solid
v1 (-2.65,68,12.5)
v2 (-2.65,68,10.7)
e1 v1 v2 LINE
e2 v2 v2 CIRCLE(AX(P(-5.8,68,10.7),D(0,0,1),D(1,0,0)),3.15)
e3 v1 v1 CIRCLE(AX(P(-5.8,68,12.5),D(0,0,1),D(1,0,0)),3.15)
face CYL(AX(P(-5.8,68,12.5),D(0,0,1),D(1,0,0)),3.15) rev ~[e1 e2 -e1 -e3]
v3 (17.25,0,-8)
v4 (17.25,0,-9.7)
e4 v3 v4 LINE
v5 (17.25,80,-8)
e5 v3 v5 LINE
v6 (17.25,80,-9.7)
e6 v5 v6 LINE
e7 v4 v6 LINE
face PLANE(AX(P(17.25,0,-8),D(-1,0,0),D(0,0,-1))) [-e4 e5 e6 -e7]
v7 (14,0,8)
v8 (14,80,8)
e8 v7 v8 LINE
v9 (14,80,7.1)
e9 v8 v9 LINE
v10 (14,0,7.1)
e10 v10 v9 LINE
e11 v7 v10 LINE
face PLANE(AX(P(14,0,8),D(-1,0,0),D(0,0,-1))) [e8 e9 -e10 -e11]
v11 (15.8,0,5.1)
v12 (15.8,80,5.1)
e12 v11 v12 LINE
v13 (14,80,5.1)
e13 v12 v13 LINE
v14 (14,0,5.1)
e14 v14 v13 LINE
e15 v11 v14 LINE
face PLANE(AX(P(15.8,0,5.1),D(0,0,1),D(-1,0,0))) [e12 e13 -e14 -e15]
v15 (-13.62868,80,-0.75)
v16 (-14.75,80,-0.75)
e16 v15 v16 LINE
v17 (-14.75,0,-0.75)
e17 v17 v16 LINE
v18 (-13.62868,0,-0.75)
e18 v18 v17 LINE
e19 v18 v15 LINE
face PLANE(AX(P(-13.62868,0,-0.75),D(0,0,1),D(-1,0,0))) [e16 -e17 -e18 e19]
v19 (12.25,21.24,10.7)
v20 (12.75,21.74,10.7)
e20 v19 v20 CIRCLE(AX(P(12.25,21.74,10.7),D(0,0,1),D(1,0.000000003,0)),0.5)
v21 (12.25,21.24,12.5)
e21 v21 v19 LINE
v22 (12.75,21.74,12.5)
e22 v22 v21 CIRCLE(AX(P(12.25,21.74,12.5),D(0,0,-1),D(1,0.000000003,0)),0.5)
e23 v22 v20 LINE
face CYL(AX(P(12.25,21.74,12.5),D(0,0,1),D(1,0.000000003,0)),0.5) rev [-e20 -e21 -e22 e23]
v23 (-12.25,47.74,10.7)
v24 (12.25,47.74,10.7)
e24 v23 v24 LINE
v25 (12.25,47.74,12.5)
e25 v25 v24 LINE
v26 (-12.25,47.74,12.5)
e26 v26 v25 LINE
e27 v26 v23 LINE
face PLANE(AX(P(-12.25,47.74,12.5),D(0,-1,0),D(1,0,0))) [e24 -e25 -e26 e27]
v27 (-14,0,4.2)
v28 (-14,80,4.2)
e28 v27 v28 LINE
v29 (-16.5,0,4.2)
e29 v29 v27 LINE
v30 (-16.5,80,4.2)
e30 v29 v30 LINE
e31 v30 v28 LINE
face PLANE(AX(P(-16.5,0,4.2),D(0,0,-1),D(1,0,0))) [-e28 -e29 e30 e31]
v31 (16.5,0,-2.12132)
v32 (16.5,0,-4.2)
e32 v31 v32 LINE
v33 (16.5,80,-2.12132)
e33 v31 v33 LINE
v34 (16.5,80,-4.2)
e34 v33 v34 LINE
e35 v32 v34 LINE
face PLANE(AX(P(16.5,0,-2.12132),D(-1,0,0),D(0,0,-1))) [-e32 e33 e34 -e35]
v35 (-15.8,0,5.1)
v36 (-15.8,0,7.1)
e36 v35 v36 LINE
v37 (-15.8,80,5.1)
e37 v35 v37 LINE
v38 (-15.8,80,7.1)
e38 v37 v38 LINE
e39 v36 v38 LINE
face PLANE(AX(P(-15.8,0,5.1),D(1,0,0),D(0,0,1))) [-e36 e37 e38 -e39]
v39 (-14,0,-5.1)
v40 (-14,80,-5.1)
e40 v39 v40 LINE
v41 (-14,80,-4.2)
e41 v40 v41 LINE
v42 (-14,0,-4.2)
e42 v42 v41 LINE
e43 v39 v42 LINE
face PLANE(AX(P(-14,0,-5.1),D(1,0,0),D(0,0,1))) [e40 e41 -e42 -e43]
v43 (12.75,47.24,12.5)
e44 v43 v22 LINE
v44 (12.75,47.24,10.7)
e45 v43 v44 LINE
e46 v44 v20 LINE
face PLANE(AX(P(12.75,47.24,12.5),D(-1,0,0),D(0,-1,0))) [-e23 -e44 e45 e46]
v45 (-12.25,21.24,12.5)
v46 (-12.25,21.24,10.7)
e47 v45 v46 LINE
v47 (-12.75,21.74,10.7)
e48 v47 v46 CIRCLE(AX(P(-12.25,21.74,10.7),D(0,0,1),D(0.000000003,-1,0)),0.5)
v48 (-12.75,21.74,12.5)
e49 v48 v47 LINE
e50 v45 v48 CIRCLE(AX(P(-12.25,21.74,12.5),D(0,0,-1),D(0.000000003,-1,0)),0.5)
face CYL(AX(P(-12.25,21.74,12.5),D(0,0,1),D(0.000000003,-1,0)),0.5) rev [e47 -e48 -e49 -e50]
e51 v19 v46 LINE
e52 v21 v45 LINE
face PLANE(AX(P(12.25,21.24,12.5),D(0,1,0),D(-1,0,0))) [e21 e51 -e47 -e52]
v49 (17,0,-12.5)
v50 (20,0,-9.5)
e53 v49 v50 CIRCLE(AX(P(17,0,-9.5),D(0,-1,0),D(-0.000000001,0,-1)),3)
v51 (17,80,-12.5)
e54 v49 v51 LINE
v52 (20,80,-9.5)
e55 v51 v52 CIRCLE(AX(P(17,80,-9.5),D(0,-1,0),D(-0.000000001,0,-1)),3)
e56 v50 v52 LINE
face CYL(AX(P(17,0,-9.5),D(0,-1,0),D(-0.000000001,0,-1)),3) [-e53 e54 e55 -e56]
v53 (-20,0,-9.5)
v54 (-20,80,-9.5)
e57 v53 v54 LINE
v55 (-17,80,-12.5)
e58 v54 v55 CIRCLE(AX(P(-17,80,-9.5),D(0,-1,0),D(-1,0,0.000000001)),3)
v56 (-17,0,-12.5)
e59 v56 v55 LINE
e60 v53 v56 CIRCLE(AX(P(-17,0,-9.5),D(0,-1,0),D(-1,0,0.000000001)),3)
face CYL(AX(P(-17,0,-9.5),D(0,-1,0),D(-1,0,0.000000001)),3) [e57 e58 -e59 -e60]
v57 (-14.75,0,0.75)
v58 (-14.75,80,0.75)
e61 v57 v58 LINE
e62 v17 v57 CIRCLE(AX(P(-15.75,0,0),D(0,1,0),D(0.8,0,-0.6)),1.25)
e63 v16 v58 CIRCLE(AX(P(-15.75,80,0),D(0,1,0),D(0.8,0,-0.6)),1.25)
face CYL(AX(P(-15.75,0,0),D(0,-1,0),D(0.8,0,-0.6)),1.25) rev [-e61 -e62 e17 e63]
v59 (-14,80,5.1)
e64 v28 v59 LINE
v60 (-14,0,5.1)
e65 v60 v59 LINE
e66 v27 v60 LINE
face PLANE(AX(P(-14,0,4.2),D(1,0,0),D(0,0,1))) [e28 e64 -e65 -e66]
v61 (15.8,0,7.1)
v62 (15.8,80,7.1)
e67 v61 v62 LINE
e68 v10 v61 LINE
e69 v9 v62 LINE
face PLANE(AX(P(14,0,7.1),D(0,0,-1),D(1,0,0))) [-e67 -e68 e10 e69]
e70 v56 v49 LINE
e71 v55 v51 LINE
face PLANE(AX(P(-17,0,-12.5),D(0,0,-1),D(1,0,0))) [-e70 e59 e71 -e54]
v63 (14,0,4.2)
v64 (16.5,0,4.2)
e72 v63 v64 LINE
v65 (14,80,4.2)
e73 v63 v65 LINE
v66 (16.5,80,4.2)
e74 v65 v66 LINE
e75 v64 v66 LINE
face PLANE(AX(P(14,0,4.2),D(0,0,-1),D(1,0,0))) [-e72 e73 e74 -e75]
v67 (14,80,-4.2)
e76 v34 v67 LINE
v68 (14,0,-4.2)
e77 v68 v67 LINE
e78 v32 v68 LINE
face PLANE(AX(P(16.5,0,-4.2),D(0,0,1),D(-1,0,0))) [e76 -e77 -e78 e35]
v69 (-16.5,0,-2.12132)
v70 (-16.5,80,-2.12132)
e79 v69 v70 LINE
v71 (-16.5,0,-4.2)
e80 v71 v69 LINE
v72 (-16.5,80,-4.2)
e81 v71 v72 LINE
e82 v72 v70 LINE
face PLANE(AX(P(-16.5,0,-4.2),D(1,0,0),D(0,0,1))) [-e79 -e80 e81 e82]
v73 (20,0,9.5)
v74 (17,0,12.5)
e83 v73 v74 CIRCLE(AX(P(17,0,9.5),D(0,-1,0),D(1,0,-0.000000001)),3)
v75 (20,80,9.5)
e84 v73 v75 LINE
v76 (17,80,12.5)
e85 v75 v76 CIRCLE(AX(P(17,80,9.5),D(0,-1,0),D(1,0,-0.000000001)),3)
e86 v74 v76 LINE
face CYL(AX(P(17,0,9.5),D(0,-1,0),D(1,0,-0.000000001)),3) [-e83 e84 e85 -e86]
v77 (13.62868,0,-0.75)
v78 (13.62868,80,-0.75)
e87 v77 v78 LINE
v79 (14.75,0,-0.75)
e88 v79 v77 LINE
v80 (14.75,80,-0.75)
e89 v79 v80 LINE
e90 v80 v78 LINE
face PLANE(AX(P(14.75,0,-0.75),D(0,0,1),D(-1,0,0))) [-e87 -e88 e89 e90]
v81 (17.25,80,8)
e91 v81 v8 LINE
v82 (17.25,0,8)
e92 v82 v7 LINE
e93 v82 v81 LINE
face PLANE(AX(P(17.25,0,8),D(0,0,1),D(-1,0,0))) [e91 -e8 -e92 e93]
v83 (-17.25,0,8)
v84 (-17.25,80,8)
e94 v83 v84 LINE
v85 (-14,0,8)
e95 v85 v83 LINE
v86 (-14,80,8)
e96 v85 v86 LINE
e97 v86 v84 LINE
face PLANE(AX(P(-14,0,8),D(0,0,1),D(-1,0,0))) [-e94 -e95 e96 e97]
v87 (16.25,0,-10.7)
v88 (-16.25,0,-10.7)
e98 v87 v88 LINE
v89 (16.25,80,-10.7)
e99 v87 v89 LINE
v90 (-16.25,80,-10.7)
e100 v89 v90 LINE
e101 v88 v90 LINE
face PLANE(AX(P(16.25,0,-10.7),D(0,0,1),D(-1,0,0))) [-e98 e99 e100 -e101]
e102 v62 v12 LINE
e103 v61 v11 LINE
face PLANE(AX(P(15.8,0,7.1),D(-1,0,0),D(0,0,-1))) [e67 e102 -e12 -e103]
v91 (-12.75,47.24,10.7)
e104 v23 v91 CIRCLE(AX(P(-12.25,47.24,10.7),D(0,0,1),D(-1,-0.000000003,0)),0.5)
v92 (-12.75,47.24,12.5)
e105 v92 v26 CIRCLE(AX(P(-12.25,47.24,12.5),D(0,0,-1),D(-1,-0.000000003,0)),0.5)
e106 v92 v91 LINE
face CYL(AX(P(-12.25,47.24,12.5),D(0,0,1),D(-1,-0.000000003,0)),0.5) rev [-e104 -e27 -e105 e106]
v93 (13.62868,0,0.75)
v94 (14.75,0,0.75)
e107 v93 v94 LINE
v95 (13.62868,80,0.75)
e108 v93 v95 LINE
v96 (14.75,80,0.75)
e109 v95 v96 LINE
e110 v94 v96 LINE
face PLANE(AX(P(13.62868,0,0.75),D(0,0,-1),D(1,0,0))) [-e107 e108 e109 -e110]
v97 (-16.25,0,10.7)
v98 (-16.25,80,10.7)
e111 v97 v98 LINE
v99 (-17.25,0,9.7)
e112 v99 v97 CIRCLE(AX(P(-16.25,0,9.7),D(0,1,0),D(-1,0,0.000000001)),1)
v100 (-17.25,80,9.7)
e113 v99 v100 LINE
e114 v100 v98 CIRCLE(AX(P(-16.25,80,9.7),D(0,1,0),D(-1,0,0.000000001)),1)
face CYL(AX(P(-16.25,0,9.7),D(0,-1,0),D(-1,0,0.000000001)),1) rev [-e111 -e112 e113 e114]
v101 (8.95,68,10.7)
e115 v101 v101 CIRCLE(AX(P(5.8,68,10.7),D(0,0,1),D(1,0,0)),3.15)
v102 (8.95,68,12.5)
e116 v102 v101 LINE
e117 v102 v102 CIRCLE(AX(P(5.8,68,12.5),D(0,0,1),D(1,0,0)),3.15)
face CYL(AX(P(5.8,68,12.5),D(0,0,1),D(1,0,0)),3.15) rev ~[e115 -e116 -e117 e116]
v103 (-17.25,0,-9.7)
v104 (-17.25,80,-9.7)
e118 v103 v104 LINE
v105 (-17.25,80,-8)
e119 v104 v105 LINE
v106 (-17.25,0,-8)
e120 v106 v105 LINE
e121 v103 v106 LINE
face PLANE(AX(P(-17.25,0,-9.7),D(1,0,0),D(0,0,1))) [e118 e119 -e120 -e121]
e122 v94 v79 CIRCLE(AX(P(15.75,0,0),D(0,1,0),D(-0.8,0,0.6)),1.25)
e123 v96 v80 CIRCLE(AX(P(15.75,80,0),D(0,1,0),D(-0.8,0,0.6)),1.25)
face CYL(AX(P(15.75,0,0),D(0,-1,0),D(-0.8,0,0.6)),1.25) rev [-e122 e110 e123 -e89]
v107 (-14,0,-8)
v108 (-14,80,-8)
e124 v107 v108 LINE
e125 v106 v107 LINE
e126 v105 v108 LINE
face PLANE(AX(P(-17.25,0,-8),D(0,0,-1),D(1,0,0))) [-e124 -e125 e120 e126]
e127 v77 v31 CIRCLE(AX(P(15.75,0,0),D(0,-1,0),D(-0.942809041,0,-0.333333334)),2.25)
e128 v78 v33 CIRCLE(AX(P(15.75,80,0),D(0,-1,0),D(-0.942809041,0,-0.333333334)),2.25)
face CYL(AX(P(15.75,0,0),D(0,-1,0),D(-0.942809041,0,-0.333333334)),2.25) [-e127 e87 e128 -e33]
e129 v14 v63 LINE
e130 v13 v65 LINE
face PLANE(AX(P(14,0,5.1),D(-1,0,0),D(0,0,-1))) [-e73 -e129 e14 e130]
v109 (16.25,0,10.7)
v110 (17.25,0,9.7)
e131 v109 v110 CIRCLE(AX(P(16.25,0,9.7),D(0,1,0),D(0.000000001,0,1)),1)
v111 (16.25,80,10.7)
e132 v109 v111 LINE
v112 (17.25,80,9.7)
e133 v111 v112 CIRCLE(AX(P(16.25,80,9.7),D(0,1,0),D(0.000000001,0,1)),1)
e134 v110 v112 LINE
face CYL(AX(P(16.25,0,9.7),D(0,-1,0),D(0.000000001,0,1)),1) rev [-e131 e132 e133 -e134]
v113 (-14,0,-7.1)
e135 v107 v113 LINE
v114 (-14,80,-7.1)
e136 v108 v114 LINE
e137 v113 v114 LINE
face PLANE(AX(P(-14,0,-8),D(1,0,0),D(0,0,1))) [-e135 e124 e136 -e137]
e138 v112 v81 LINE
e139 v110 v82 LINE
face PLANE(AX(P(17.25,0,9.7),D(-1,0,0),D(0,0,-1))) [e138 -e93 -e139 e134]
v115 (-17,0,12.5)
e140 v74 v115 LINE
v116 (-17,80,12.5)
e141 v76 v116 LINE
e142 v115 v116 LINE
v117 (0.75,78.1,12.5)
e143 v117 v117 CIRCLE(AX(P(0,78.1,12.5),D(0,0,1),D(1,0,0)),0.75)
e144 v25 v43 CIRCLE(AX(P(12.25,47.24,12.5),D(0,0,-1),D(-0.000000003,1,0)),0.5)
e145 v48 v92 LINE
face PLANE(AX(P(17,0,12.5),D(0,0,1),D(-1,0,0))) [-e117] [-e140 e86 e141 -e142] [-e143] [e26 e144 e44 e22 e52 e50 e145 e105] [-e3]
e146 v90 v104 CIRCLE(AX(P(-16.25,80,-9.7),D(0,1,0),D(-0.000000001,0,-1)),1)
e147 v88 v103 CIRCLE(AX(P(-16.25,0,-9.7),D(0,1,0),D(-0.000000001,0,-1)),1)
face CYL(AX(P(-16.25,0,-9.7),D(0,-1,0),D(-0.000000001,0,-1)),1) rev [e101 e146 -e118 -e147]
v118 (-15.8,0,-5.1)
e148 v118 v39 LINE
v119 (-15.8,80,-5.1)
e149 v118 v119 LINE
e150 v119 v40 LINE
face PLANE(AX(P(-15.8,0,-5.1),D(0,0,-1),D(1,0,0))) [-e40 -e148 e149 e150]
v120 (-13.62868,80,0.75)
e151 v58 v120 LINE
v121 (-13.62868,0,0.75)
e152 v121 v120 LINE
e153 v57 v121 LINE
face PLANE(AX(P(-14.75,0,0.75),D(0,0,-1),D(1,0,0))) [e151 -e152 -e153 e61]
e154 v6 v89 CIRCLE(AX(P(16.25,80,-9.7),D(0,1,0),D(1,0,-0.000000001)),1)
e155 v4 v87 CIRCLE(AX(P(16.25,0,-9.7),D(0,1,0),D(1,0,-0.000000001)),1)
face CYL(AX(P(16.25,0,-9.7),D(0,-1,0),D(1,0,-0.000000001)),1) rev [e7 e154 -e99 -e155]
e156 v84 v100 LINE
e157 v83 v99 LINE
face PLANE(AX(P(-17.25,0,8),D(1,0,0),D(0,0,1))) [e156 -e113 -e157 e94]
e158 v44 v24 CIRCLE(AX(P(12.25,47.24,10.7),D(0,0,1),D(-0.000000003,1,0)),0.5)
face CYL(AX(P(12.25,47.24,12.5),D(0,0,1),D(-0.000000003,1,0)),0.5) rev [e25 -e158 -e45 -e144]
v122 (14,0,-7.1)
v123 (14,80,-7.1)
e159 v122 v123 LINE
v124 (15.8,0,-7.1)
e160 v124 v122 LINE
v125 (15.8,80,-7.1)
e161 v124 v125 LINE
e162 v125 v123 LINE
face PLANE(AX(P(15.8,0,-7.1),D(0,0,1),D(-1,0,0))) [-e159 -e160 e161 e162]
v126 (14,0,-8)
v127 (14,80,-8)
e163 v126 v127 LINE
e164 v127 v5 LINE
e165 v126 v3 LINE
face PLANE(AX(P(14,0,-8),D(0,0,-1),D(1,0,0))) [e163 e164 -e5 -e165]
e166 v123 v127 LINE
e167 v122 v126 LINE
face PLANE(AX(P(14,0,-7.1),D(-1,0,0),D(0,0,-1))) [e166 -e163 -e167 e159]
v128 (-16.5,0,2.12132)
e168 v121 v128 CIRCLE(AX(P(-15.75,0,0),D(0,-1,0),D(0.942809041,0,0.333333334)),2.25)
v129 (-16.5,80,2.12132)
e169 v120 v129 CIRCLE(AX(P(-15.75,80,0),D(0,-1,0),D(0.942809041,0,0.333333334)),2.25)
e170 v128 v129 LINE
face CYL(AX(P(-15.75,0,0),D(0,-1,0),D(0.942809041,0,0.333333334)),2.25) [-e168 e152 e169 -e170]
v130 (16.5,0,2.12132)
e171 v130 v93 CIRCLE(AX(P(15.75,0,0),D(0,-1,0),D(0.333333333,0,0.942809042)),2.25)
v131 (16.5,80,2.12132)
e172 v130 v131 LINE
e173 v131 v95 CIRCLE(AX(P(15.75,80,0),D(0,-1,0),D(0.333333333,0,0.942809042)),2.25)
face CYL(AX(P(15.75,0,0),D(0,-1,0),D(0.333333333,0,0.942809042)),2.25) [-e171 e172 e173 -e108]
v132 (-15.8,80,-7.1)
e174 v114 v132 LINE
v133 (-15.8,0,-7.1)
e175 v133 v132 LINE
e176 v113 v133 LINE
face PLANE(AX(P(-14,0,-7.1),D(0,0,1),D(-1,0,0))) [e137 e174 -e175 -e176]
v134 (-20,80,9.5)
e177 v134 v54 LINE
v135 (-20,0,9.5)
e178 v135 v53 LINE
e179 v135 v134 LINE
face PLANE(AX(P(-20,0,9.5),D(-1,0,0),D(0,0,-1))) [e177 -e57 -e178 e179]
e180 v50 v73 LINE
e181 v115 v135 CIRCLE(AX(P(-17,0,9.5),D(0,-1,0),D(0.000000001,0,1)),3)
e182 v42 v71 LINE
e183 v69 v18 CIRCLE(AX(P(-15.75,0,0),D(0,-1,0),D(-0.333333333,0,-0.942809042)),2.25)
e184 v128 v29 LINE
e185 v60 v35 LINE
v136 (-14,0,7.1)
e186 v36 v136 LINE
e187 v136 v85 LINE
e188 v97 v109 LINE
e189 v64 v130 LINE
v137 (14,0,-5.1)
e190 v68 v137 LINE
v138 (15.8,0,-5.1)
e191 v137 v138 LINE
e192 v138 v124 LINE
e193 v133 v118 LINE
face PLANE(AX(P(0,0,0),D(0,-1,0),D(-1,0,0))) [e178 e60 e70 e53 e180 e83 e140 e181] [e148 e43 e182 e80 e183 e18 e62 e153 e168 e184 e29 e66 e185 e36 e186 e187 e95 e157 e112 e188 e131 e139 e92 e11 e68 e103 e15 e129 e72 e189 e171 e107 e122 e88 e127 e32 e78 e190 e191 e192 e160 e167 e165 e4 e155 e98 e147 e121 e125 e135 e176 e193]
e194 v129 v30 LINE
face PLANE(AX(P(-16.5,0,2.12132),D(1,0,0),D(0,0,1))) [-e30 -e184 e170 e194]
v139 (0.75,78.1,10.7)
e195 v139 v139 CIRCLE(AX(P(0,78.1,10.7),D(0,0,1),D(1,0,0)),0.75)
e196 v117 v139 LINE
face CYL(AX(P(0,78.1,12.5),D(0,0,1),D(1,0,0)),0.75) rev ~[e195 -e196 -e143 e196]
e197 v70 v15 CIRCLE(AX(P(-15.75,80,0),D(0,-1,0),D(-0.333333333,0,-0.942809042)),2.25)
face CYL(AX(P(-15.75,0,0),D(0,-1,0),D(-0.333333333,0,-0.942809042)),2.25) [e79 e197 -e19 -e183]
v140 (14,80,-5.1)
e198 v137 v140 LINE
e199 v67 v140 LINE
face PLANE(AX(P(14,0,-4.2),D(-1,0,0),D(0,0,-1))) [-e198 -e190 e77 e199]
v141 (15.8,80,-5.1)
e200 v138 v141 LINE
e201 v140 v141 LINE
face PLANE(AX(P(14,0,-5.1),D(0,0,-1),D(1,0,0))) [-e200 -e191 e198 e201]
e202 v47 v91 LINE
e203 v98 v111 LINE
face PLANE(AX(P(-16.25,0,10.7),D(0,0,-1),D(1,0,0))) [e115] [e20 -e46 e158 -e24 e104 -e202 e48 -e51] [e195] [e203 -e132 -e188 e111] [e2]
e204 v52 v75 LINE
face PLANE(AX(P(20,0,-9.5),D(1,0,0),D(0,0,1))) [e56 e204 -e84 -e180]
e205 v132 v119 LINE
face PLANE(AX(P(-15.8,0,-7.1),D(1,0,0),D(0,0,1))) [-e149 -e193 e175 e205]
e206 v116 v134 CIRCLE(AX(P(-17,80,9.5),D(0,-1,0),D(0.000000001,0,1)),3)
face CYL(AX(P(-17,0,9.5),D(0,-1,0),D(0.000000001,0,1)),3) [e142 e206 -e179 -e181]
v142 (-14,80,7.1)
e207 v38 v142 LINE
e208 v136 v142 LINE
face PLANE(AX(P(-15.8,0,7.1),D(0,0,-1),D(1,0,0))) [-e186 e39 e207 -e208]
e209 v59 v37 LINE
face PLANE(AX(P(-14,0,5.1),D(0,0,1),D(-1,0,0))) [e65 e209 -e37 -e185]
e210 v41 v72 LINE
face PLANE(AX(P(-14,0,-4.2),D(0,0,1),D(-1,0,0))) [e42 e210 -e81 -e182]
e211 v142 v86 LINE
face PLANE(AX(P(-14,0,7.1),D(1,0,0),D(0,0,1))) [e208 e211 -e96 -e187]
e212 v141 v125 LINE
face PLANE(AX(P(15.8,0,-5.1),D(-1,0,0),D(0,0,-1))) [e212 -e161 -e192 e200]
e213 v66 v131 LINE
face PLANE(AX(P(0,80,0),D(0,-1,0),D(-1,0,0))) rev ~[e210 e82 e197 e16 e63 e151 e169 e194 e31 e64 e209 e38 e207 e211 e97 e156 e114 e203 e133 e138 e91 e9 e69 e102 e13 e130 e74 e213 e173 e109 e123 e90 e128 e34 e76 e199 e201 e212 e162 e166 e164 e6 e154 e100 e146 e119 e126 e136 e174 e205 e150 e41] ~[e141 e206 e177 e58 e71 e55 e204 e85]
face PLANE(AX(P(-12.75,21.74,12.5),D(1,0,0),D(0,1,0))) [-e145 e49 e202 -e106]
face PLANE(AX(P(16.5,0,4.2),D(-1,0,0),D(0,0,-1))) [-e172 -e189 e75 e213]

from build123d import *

# Parameters (mm, degrees)
EXTRUDE_1_DEPTH     = 80
CUT_EXTRUDE_1_REACH = 88.168
CUT_EXTRUDE_2_REACH = 88.168
SKETCH_3_R          = 3.15
CUT_EXTRUDE_3_REACH = 88.168
SKETCH_4_R          = 0.75


with BuildPart() as part:
    # 草图1 → 凸台-拉伸1 (new body)
    with BuildSketch(Plane(origin=(0, 0, 0), x_dir=(1, 0, 0), z_dir=(0, 1, 0))):
        with BuildLine():
            Line((-17, 12.5), (17, 12.5))
            ThreePointArc((17, 12.5), (19.121320344, 11.621320344), (20, 9.5))
            Line((20, 9.5), (20, -9.5))
            ThreePointArc((20, -9.5), (19.121320344, -11.621320344), (17, -12.5))
            Line((17, -12.5), (-17, -12.5))
            ThreePointArc((-17, -12.5), (-19.121320344, -11.621320344), (-20, -9.5))
            Line((-20, -9.5), (-20, 9.5))
            ThreePointArc((-20, 9.5), (-19.121320344, 11.621320344), (-17, 12.5))
        make_face()
        with BuildLine():
            Line((-17.25, 8), (-14, 8))
            Line((-14, 8), (-14, 7.1))
            Line((-14, 7.1), (-15.8, 7.1))
            Line((-15.8, 7.1), (-15.8, 5.1))
            Line((-15.8, 5.1), (-14, 5.1))
            Line((-14, 5.1), (-14, 4.2))
            Line((-14, 4.2), (-16.5, 4.2))
            Line((-16.5, 4.2), (-16.5, 2.121320344))
            ThreePointArc((-16.5, 2.121320344), (-14.780330086, 2.030330086), (-13.628679656, 0.75))
            Line((-13.628679656, 0.75), (-14.75, 0.75))
            ThreePointArc((-14.75, 0.75), (-17, 0), (-14.75, -0.75))
            Line((-14.75, -0.75), (-13.628679656, -0.75))
            ThreePointArc((-13.628679656, -0.75), (-14.780330086, -2.030330086), (-16.5, -2.121320344))
            Line((-16.5, -2.121320344), (-16.5, -4.2))
            Line((-16.5, -4.2), (-14, -4.2))
            Line((-14, -4.2), (-14, -5.1))
            Line((-14, -5.1), (-15.8, -5.1))
            Line((-15.8, -5.1), (-15.8, -7.1))
            Line((-15.8, -7.1), (-14, -7.1))
            Line((-14, -7.1), (-14, -8))
            Line((-14, -8), (-17.25, -8))
            Line((-17.25, -8), (-17.25, -9.7))
            ThreePointArc((-17.25, -9.7), (-16.957106781, -10.407106781), (-16.25, -10.7))
            Line((-16.25, -10.7), (16.25, -10.7))
            ThreePointArc((16.25, -10.7), (16.957106781, -10.407106781), (17.25, -9.7))
            Line((17.25, -9.7), (17.25, -8))
            Line((17.25, -8), (14, -8))
            Line((14, -8), (14, -7.1))
            Line((14, -7.1), (15.8, -7.1))
            Line((15.8, -7.1), (15.8, -5.1))
            Line((15.8, -5.1), (14, -5.1))
            Line((14, -5.1), (14, -4.2))
            Line((14, -4.2), (16.5, -4.2))
            Line((16.5, -4.2), (16.5, -2.121320344))
            ThreePointArc((16.5, -2.121320344), (14.780330086, -2.030330086), (13.628679656, -0.75))
            Line((13.628679656, -0.75), (14.75, -0.75))
            ThreePointArc((14.75, -0.75), (17, 0), (14.75, 0.75))
            Line((14.75, 0.75), (13.628679656, 0.75))
            ThreePointArc((13.628679656, 0.75), (14.780330086, 2.030330086), (16.5, 2.121320344))
            Line((16.5, 2.121320344), (16.5, 4.2))
            Line((16.5, 4.2), (14, 4.2))
            Line((14, 4.2), (14, 5.1))
            Line((14, 5.1), (15.8, 5.1))
            Line((15.8, 5.1), (15.8, 7.1))
            Line((15.8, 7.1), (14, 7.1))
            Line((14, 7.1), (14, 8))
            Line((14, 8), (17.25, 8))
            Line((17.25, 8), (17.25, 9.7))
            ThreePointArc((17.25, 9.7), (16.957106781, 10.407106781), (16.25, 10.7))
            Line((16.25, 10.7), (-16.25, 10.7))
            ThreePointArc((-16.25, 10.7), (-16.957106781, 10.407106781), (-17.25, 9.7))
            Line((-17.25, 9.7), (-17.25, 8))
        make_face(mode=Mode.SUBTRACT)
    extrude(amount=EXTRUDE_1_DEPTH)

    # 草图2 → 切除-拉伸1 (cut, up to next)
    with BuildSketch(Plane.XY.offset(12.5), mode=Mode.PRIVATE) as cut_extrude_1_sk1:
        with BuildLine():
            Line((-12.25, 47.74), (12.25, 47.74))
            ThreePointArc((12.25, 47.74), (12.603553391, 47.593553391), (12.75, 47.24))
            Line((12.75, 47.24), (12.75, 21.74))
            ThreePointArc((12.75, 21.74), (12.603553391, 21.386446609), (12.25, 21.24))
            Line((12.25, 21.24), (-12.25, 21.24))
            ThreePointArc((-12.25, 21.24), (-12.603553391, 21.386446609), (-12.75, 21.74))
            Line((-12.75, 21.74), (-12.75, 47.24))
            ThreePointArc((-12.75, 47.24), (-12.603553391, 47.593553391), (-12.25, 47.74))
        make_face()
    cut_extrude_1_tool1 = extrude(cut_extrude_1_sk1.sketch, amount=-CUT_EXTRUDE_1_REACH, mode=Mode.PRIVATE) & part.part
    add(cut_extrude_1_tool1.solids().sort_by_distance((0, 34.49, 12.5))[0], mode=Mode.SUBTRACT)

    # 草图3 → 切除-拉伸2 (cut, up to next)
    with BuildSketch(Plane.XY.offset(12.5), mode=Mode.PRIVATE) as cut_extrude_2_sk1:
        with Locations((-5.8, 68)):
            Circle(SKETCH_3_R)
    cut_extrude_2_tool1 = extrude(cut_extrude_2_sk1.sketch, amount=-CUT_EXTRUDE_2_REACH, mode=Mode.PRIVATE) & part.part
    # 草图3 → 切除-拉伸2 (cut, up to next)
    with BuildSketch(Plane.XY.offset(12.5), mode=Mode.PRIVATE) as cut_extrude_2_sk2:
        with Locations((5.8, 68)):
            Circle(SKETCH_3_R)
    cut_extrude_2_tool2 = extrude(cut_extrude_2_sk2.sketch, amount=-CUT_EXTRUDE_2_REACH, mode=Mode.PRIVATE) & part.part
    add(cut_extrude_2_tool1.solids().sort_by_distance((-5.8, 68, 12.5))[0], mode=Mode.SUBTRACT)
    add(cut_extrude_2_tool2.solids().sort_by_distance((5.8, 68, 12.5))[0], mode=Mode.SUBTRACT)

    # 草图4 → 切除-拉伸3 (cut, up to next)
    with BuildSketch(Plane.XY.offset(12.5), mode=Mode.PRIVATE) as cut_extrude_3_sk1:
        with Locations((0, 78.1)):
            Circle(SKETCH_4_R)
    cut_extrude_3_tool1 = extrude(cut_extrude_3_sk1.sketch, amount=-CUT_EXTRUDE_3_REACH, mode=Mode.PRIVATE) & part.part
    add(cut_extrude_3_tool1.solids().sort_by_distance((0, 78.1, 12.5))[0], mode=Mode.SUBTRACT)


solid = part.part
